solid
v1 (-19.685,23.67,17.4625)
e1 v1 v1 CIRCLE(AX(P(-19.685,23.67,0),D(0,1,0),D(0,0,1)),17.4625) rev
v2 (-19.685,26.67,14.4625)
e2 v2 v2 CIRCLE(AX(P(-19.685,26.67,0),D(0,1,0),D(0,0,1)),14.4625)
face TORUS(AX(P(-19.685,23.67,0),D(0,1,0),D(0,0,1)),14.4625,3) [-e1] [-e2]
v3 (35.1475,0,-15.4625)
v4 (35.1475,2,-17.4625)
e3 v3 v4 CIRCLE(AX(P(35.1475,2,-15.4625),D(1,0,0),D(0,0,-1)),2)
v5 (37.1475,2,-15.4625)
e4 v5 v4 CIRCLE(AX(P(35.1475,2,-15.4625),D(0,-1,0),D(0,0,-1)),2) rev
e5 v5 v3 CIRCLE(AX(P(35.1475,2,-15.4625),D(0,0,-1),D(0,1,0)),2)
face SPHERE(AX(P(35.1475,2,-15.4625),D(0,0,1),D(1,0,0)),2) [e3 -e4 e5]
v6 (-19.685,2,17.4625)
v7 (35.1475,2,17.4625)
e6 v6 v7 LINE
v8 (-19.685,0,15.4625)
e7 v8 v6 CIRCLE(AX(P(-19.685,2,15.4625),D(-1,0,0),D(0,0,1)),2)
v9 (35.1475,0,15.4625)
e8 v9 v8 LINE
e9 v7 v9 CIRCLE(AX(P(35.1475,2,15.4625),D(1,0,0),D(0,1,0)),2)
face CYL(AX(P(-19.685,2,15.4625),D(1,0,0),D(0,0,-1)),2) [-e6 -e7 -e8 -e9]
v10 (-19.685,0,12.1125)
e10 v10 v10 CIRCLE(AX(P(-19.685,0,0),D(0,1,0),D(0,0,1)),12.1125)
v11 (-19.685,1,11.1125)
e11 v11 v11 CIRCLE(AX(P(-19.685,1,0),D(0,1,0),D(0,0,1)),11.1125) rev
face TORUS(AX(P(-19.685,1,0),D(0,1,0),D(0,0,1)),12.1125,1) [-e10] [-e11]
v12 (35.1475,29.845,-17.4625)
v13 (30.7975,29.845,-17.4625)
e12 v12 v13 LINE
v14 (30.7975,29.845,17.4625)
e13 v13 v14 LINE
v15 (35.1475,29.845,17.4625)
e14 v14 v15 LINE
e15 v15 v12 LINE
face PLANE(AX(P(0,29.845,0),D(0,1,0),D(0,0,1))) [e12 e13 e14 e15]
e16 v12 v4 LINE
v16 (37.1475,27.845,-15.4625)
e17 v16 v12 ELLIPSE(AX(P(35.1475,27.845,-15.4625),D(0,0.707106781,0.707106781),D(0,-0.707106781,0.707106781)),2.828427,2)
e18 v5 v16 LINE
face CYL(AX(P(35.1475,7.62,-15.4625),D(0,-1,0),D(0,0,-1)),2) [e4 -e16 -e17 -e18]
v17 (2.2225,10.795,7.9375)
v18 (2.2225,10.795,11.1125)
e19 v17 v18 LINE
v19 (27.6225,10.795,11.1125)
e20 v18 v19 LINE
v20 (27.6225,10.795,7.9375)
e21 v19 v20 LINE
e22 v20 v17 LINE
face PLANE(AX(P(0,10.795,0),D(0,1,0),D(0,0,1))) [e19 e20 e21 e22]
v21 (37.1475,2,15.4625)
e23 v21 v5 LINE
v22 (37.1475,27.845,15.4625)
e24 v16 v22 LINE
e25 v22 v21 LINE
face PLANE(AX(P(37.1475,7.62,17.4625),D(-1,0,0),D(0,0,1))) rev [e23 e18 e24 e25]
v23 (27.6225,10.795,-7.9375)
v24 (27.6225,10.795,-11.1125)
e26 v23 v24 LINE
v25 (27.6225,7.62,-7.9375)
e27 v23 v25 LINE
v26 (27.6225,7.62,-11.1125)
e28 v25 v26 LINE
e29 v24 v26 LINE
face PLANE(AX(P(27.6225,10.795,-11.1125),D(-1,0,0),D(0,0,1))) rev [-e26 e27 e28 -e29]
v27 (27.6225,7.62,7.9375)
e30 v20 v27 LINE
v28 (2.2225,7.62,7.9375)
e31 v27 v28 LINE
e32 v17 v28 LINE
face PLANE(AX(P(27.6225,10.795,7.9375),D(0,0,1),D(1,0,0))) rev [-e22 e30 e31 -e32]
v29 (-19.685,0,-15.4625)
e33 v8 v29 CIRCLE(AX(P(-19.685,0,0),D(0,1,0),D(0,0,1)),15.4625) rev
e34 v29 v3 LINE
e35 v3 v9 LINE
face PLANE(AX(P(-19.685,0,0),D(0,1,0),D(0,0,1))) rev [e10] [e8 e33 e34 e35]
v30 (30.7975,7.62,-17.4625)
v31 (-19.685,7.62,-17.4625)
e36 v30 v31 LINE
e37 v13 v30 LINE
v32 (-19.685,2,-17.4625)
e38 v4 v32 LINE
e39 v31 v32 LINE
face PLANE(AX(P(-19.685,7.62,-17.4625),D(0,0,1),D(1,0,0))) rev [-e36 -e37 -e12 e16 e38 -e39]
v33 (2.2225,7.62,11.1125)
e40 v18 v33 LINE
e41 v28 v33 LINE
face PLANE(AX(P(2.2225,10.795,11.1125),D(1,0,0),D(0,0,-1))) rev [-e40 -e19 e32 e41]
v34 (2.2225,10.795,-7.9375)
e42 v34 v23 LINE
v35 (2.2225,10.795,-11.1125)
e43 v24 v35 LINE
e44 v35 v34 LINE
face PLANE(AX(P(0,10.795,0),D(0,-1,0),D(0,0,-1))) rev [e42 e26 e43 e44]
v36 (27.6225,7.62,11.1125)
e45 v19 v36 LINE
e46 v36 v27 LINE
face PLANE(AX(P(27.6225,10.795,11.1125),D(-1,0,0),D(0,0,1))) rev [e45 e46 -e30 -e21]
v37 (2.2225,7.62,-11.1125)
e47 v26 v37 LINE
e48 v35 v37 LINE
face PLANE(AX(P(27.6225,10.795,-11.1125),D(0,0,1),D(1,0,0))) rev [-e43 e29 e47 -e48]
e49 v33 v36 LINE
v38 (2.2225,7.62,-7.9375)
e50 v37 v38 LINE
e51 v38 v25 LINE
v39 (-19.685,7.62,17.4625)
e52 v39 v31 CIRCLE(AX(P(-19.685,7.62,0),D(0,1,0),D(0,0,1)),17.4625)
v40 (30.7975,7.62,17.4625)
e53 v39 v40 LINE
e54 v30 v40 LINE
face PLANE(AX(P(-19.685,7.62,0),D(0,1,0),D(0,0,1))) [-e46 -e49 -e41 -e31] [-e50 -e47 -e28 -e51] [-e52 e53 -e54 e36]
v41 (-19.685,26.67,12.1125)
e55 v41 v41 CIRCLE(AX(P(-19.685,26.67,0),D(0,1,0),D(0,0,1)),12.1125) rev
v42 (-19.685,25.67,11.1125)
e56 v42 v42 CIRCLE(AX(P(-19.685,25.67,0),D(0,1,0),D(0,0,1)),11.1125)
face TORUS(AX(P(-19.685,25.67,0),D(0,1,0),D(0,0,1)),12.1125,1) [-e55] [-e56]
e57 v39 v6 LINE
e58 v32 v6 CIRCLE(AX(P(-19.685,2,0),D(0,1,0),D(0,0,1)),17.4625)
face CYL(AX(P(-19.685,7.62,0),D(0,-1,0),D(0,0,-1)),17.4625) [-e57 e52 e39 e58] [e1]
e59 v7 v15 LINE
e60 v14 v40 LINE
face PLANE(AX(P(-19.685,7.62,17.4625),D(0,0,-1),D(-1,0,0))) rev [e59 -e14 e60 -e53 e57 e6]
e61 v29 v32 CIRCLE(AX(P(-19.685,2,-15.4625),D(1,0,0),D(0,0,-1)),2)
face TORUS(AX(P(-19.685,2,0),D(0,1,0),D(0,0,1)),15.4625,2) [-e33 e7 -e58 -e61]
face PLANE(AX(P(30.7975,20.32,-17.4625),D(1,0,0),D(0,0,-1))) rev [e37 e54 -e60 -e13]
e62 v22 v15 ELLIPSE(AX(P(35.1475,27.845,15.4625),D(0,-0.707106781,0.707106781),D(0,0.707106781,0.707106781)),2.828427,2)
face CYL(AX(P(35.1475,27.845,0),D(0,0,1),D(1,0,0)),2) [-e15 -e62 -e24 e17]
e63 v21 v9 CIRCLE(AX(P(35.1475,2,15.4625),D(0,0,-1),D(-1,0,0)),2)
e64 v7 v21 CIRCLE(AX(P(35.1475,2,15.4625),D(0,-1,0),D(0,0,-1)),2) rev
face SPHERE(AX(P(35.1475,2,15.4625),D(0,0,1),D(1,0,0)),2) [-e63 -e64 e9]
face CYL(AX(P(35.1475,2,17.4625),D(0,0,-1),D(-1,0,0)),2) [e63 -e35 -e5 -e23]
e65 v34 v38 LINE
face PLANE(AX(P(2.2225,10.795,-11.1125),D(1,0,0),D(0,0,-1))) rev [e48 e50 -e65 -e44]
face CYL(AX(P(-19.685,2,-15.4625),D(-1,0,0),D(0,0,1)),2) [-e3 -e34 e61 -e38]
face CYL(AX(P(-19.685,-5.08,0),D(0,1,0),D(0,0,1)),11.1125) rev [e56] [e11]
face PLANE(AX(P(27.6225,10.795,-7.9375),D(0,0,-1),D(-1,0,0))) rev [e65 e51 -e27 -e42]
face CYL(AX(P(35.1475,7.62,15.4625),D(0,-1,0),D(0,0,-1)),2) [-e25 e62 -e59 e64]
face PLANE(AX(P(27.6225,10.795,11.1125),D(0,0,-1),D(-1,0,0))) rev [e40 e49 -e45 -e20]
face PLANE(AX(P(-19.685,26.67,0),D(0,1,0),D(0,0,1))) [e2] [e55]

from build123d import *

# Parameters (mm, degrees)
BOSS_EXTRUDE1_DEPTH = 7.62
SKETCH4_W           = 6.35
SKETCH4_H           = 34.925
BOSS_EXTRUDE3_DEPTH = 12.7
SKETCH5_R           = 11.1125
CUT_EXTRUDE1_DEPTH  = 12.7
SKETCH6_W           = 25.4
SKETCH6_H           = 3.175
BOSS_EXTRUDE4_DEPTH = 3.175
SKETCH7_W           = 25.4
SKETCH7_H           = 3.175
BOSS_EXTRUDE5_DEPTH = 3.175
SKETCH10_W          = 6.35
SKETCH10_H          = 34.925
BOSS_EXTRUDE8_DEPTH = 9.525
FILLET1_R           = 2
FILLET2_R           = 2
SKETCH11_R          = 17.4625
BOSS_EXTRUDE9_DEPTH = 19.05
SKETCH12_R          = 11.1125
CUT_EXTRUDE2_DEPTH  = 47.677899348
FILLET3_R           = 1
FILLET4_R           = 3


with BuildPart() as part:
    # Sketch1 → Boss-Extrude1 (new body)
    with BuildSketch(Plane(origin=(0, 0, 0), x_dir=(1, 0, 0), z_dir=(0, 1, 0))):
        with BuildLine():
            Line((37.1475, -17.4625), (37.1475, 17.4625))
            Line((37.1475, 17.4625), (-19.685, 17.4625))
            ThreePointArc((-19.685, 17.4625), (-37.1475, 0), (-19.685, -17.4625))
            Line((-19.685, -17.4625), (37.1475, -17.4625))
        make_face()
    extrude(amount=BOSS_EXTRUDE1_DEPTH)

    # Sketch4 → Boss-Extrude3 (add)
    with BuildSketch(Plane(origin=(0, 7.62, 0), x_dir=(1, 0, 0), z_dir=(0, 1, 0))):
        with Locations((33.9725, 0)):
            Rectangle(SKETCH4_W, SKETCH4_H)
    extrude(amount=BOSS_EXTRUDE3_DEPTH)

    # Sketch5 → Cut-Extrude1 (cut)
    with BuildSketch(Plane(origin=(0, 7.62, 0), x_dir=(1, 0, 0), z_dir=(0, 1, 0))):
        with Locations(Location((-19.685, 0, 0), (0, 0, 270))):
            Circle(SKETCH5_R)
    extrude(amount=-CUT_EXTRUDE1_DEPTH, mode=Mode.SUBTRACT)

    # Sketch6 → Boss-Extrude4 (add)
    with BuildSketch(Plane(origin=(0, 7.62, 0), x_dir=(1, 0, 0), z_dir=(0, 1, 0))):
        with Locations((14.9225, 9.525)):
            Rectangle(SKETCH6_W, SKETCH6_H)
    extrude(amount=BOSS_EXTRUDE4_DEPTH)

    # Sketch7 → Boss-Extrude5 (add)
    with BuildSketch(Plane(origin=(0, 7.62, 0), x_dir=(1, 0, 0), z_dir=(0, 1, 0))):
        with Locations((14.9225, -9.525)):
            Rectangle(SKETCH7_W, SKETCH7_H)
    extrude(amount=BOSS_EXTRUDE5_DEPTH)

    # Sketch10 → Boss-Extrude8 (add)
    with BuildSketch(Plane(origin=(0, 20.32, 0), x_dir=(1, 0, 0), z_dir=(0, 1, 0))):
        with Locations((33.9725, 0)):
            Rectangle(SKETCH10_W, SKETCH10_H)
    extrude(amount=BOSS_EXTRUDE8_DEPTH)

    # Fillet1
    fillet1_edges = [part.edges().sort_by_distance(p)[0] for p in [
        (37.1475, 29.845, 0),
        (37.1475, 14.9225, -17.4625),
        (37.1475, 14.9225, 17.4625),
    ]]
    fillet(fillet1_edges, radius=FILLET1_R)

    # Fillet2
    fillet2_edges = [part.edges().sort_by_distance(p)[0] for p in [
        (-37.1475, 0, 0),
        (7.73125, 0, 17.4625),
        (37.1475, 0, 0),
        (7.73125, 0, -17.4625),
        (36.561713562, 0, -16.876713562),
        (36.561713562, 0, 16.876713562),
    ]]
    fillet(fillet2_edges, radius=FILLET2_R)

    # Sketch11 → Boss-Extrude9 (add)
    with BuildSketch(Plane(origin=(0, 7.62, 0), x_dir=(1, 0, 0), z_dir=(0, 1, 0))):
        with Locations(Location((-19.685, 0, 0), (0, 0, 270))):
            Circle(SKETCH11_R)
    extrude(amount=BOSS_EXTRUDE9_DEPTH)

    # Sketch12 → Cut-Extrude2 (cut, through all)
    with BuildSketch(Plane(origin=(0, 7.62, 0), x_dir=(-1, 0, 0), z_dir=(0, -1, 0))):
        with Locations(Location((19.685, 0, 0), (0, 0, 270))):
            Circle(SKETCH12_R)
    extrude(amount=-CUT_EXTRUDE2_DEPTH, mode=Mode.SUBTRACT)

    # Fillet3
    fillet3_edges = [part.edges().sort_by_distance(p)[0] for p in [
        (-19.685, 26.67, -11.1125),
        (-19.685, 0, -11.1125),
    ]]
    fillet(fillet3_edges, radius=FILLET3_R)

    # Fillet4
    fillet4_edges = [part.edges().sort_by_distance(p)[0] for p in [
        (-19.685, 26.67, -17.4625),
    ]]
    fillet(fillet4_edges, radius=FILLET4_R)


solid = part.part
